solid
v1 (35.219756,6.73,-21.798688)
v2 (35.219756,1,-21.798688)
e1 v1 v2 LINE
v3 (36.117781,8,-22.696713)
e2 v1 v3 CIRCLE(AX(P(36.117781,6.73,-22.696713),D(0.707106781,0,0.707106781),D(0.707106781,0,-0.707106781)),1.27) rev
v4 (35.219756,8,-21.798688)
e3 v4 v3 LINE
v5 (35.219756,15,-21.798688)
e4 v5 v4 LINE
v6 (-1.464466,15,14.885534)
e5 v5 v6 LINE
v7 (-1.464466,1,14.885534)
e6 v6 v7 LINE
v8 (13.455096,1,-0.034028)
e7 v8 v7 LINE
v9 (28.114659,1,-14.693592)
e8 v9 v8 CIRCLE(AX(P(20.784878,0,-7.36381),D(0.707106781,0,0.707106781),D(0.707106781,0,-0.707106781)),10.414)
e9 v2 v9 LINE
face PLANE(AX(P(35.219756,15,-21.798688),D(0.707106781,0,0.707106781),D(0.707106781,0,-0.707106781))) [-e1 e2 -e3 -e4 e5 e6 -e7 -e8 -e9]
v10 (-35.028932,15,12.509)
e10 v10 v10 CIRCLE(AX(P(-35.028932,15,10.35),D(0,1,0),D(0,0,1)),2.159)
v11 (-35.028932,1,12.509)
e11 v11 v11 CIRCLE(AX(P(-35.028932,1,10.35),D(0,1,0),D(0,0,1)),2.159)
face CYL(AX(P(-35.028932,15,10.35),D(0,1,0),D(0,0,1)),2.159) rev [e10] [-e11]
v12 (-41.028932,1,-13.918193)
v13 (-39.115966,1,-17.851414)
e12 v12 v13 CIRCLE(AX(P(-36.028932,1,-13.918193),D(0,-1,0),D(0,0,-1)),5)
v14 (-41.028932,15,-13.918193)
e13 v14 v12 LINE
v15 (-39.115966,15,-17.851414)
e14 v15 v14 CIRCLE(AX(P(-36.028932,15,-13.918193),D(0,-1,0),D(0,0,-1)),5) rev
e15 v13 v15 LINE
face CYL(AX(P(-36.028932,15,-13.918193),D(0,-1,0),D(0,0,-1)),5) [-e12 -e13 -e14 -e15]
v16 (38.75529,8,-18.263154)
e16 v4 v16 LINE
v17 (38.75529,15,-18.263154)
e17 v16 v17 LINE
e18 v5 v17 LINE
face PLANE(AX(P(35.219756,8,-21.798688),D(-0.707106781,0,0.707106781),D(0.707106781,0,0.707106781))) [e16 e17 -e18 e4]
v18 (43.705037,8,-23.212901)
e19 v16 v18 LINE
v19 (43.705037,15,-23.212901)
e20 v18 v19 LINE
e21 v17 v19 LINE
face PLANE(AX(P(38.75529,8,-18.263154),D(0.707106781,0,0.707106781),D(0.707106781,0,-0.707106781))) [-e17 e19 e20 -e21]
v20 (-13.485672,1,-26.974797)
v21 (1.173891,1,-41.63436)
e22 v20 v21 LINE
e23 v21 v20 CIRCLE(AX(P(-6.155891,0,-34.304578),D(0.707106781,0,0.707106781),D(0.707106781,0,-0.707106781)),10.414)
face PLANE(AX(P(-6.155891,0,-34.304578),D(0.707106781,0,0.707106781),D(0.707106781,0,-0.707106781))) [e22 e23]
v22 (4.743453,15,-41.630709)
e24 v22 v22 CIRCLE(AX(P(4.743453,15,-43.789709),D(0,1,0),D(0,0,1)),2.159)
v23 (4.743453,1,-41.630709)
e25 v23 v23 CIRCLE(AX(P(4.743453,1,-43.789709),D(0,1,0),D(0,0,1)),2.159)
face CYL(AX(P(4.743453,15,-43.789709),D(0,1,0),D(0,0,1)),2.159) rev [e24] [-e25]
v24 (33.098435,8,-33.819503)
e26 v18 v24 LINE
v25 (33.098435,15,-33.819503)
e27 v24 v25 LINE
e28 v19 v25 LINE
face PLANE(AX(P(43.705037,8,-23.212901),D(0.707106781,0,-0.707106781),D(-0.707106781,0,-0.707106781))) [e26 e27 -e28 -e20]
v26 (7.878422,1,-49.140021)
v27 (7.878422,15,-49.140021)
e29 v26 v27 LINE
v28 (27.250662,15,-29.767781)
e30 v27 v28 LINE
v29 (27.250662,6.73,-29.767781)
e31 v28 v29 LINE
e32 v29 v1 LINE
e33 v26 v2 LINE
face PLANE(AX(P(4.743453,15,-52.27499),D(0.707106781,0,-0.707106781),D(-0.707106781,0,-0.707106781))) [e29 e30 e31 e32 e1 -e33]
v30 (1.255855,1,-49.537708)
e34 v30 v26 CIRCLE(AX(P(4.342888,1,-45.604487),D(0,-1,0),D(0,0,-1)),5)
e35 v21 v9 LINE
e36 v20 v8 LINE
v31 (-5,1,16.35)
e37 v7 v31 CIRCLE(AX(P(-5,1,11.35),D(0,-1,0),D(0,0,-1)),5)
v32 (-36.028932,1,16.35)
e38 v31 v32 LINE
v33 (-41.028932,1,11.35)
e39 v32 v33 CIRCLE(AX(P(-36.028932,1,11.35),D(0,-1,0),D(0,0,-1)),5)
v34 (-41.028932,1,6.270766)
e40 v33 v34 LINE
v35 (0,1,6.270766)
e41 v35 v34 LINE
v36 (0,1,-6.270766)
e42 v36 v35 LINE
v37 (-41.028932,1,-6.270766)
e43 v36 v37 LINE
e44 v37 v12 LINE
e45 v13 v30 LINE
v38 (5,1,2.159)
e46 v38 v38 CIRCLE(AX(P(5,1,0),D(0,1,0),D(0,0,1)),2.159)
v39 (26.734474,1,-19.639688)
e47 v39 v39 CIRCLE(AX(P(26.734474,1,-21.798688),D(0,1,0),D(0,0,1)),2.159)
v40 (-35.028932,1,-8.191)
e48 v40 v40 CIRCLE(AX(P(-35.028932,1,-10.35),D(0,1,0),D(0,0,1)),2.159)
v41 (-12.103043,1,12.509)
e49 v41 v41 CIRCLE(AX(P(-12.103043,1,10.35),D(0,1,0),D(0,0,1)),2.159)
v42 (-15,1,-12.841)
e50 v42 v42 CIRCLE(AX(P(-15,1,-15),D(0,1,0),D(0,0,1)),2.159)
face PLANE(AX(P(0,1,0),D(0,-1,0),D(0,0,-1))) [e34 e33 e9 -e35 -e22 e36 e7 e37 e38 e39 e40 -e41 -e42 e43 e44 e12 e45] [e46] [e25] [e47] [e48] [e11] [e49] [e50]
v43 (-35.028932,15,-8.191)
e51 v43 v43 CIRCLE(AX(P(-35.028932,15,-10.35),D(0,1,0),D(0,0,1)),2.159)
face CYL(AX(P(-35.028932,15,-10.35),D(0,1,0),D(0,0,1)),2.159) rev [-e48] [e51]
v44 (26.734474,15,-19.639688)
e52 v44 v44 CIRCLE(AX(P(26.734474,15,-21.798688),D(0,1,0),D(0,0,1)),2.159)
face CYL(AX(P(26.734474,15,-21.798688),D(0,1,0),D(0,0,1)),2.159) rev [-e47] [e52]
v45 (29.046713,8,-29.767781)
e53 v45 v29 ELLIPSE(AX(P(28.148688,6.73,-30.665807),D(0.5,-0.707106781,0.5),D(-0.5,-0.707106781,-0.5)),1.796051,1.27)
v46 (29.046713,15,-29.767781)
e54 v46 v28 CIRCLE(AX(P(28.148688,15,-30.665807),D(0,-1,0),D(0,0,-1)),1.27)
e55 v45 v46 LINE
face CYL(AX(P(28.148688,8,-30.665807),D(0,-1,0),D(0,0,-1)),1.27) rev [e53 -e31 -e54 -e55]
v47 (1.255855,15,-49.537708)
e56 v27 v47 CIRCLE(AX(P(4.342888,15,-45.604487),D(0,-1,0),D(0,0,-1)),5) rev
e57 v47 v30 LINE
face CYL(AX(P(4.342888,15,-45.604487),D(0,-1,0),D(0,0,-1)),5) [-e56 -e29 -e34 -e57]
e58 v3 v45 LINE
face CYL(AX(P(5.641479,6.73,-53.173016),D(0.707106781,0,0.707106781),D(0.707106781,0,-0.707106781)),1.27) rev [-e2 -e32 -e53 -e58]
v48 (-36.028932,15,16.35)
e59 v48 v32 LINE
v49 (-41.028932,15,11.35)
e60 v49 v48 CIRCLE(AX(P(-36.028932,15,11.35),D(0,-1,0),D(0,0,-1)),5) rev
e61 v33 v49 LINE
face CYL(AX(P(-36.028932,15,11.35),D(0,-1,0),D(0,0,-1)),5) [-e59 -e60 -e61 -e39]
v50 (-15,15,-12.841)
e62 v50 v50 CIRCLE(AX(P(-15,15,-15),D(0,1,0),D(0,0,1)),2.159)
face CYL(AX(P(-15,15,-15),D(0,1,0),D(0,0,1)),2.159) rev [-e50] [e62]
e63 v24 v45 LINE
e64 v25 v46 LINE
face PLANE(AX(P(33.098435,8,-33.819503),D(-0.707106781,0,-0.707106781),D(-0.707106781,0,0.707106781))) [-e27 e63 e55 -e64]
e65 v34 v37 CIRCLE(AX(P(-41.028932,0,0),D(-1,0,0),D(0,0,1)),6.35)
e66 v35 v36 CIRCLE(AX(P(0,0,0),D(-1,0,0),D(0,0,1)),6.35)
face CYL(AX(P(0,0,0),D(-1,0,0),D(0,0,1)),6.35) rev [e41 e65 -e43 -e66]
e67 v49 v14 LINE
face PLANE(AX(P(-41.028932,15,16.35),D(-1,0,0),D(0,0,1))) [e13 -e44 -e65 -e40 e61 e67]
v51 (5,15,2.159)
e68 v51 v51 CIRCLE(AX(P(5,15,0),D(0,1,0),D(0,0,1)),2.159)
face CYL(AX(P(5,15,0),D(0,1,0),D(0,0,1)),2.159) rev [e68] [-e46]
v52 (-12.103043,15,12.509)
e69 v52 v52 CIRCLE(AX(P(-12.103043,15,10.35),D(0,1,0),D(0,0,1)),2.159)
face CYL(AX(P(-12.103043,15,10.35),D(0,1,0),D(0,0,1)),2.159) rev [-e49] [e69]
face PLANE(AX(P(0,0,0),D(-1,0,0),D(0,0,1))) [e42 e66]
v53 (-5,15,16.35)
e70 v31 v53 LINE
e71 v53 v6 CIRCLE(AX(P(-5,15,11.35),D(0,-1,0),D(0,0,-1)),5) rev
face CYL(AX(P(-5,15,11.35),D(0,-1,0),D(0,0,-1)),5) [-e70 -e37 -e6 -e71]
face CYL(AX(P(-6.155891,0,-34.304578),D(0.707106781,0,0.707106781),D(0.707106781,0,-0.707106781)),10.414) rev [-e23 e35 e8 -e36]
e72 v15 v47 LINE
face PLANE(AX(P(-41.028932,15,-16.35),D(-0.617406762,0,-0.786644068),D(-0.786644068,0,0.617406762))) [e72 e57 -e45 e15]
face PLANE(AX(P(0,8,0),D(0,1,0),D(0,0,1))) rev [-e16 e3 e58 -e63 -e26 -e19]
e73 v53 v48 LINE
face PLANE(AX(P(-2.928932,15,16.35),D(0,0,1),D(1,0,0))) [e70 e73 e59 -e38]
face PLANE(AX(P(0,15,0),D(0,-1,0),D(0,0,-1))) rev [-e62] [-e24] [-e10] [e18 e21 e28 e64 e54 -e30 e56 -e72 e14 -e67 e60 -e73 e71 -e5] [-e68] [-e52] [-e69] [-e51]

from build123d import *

# Parameters (mm, degrees)
EXTRUDE_1_DEPTH        = 14
EXTRUDE_2_DEPTH        = 7
CUT_EXTRUDE_1_DEPTH    = 38.1
CUT_EXTRUDE_2_DEPTH    = 41.028932188
HOLE_WIZARD_M4_1_D     = 4.318
HOLE_WIZARD_M4_1_DEPTH = 14
FILLET_1_R             = 5
FILLET_3_R             = 1.27
FILLET_4_R             = 1.27


with BuildPart() as part:
    # 草图1 → 凸台-拉伸1 (new body)
    with BuildSketch(Plane.XZ.offset(-1)):
        Polygon((4.743453393, -52.27499012), (35.219755662, -21.79868785), (-2.928932188, 16.35), (-41.028932188, 16.35), (-41.028932188, -16.35), align=None)
    extrude(amount=-EXTRUDE_1_DEPTH)

    # 草图2 → 凸台-拉伸2 (add)
    with BuildSketch(Plane(origin=(0, 15, 0), x_dir=(1, 0, 0), z_dir=(0, 1, 0))):
        Polygon((35.219755662, 21.79868785), (38.755289568, 18.263153944), (43.705037037, 23.212901413), (33.098435319, 33.819503131), (28.14868785, 28.869755662), align=None)
    extrude(amount=-EXTRUDE_2_DEPTH)

    # 草图3 → 切除-拉伸1 (cut)
    with BuildSketch(Plane(origin=(6.710533906, 0, 6.710533906), x_dir=(0.707106781, 0, -0.707106781), z_dir=(0.707106781, 0, 0.707106781))):
        with BuildLine():
            Line((9.538251542, 1), (30.270004579, 1))
            ThreePointArc((30.270004579, 1), (19.904128061, 10.414), (9.538251542, 1))
        make_face()
    extrude(amount=-CUT_EXTRUDE_1_DEPTH, mode=Mode.SUBTRACT)

    # 草图4 → 切除-拉伸2 (cut)
    with BuildSketch(Plane.ZY.offset(41.028932188)):
        with BuildLine():
            Line((-6.270765504, 1), (6.270765504, 1))
            ThreePointArc((6.270765504, 1), (0, 6.35), (-6.270765504, 1))
        make_face()
    extrude(amount=-CUT_EXTRUDE_2_DEPTH, mode=Mode.SUBTRACT)

    # M4 间隙孔1
    with Locations(Plane(origin=(0, 15, 0), x_dir=(1, 0, 0), z_dir=(0, 1, 0))):
        with Locations((-35.028932188, -10.35), (5, 0), (-15, 15), (-12.103043109, -10.35), (-35.028932188, 10.35), (4.743453393, 43.789708745), (26.734474288, 21.79868785)):
            Hole(HOLE_WIZARD_M4_1_D / 2, depth=HOLE_WIZARD_M4_1_DEPTH)

    # 圆角1
    fillet_1_edges = [part.edges().sort_by_distance(p)[0] for p in [
        (-41.028932188, 8, -16.35),
        (-41.028932188, 8, 16.35),
        (-2.928932188, 8, 16.35),
        (4.743453393, 8, -52.27499012),
    ]]
    fillet(fillet_1_edges, radius=FILLET_1_R)

    # 圆角3
    fillet_3_edges = [part.edges().sort_by_distance(p)[0] for p in [
        (28.14868785, 11.5, -28.869755662),
    ]]
    fillet(fillet_3_edges, radius=FILLET_3_R)

    # 圆角4
    fillet_4_edges = [part.edges().sort_by_distance(p)[0] for p in [
        (31.684221756, 8, -25.334221756),
    ]]
    fillet(fillet_4_edges, radius=FILLET_4_R)


solid = part.part
